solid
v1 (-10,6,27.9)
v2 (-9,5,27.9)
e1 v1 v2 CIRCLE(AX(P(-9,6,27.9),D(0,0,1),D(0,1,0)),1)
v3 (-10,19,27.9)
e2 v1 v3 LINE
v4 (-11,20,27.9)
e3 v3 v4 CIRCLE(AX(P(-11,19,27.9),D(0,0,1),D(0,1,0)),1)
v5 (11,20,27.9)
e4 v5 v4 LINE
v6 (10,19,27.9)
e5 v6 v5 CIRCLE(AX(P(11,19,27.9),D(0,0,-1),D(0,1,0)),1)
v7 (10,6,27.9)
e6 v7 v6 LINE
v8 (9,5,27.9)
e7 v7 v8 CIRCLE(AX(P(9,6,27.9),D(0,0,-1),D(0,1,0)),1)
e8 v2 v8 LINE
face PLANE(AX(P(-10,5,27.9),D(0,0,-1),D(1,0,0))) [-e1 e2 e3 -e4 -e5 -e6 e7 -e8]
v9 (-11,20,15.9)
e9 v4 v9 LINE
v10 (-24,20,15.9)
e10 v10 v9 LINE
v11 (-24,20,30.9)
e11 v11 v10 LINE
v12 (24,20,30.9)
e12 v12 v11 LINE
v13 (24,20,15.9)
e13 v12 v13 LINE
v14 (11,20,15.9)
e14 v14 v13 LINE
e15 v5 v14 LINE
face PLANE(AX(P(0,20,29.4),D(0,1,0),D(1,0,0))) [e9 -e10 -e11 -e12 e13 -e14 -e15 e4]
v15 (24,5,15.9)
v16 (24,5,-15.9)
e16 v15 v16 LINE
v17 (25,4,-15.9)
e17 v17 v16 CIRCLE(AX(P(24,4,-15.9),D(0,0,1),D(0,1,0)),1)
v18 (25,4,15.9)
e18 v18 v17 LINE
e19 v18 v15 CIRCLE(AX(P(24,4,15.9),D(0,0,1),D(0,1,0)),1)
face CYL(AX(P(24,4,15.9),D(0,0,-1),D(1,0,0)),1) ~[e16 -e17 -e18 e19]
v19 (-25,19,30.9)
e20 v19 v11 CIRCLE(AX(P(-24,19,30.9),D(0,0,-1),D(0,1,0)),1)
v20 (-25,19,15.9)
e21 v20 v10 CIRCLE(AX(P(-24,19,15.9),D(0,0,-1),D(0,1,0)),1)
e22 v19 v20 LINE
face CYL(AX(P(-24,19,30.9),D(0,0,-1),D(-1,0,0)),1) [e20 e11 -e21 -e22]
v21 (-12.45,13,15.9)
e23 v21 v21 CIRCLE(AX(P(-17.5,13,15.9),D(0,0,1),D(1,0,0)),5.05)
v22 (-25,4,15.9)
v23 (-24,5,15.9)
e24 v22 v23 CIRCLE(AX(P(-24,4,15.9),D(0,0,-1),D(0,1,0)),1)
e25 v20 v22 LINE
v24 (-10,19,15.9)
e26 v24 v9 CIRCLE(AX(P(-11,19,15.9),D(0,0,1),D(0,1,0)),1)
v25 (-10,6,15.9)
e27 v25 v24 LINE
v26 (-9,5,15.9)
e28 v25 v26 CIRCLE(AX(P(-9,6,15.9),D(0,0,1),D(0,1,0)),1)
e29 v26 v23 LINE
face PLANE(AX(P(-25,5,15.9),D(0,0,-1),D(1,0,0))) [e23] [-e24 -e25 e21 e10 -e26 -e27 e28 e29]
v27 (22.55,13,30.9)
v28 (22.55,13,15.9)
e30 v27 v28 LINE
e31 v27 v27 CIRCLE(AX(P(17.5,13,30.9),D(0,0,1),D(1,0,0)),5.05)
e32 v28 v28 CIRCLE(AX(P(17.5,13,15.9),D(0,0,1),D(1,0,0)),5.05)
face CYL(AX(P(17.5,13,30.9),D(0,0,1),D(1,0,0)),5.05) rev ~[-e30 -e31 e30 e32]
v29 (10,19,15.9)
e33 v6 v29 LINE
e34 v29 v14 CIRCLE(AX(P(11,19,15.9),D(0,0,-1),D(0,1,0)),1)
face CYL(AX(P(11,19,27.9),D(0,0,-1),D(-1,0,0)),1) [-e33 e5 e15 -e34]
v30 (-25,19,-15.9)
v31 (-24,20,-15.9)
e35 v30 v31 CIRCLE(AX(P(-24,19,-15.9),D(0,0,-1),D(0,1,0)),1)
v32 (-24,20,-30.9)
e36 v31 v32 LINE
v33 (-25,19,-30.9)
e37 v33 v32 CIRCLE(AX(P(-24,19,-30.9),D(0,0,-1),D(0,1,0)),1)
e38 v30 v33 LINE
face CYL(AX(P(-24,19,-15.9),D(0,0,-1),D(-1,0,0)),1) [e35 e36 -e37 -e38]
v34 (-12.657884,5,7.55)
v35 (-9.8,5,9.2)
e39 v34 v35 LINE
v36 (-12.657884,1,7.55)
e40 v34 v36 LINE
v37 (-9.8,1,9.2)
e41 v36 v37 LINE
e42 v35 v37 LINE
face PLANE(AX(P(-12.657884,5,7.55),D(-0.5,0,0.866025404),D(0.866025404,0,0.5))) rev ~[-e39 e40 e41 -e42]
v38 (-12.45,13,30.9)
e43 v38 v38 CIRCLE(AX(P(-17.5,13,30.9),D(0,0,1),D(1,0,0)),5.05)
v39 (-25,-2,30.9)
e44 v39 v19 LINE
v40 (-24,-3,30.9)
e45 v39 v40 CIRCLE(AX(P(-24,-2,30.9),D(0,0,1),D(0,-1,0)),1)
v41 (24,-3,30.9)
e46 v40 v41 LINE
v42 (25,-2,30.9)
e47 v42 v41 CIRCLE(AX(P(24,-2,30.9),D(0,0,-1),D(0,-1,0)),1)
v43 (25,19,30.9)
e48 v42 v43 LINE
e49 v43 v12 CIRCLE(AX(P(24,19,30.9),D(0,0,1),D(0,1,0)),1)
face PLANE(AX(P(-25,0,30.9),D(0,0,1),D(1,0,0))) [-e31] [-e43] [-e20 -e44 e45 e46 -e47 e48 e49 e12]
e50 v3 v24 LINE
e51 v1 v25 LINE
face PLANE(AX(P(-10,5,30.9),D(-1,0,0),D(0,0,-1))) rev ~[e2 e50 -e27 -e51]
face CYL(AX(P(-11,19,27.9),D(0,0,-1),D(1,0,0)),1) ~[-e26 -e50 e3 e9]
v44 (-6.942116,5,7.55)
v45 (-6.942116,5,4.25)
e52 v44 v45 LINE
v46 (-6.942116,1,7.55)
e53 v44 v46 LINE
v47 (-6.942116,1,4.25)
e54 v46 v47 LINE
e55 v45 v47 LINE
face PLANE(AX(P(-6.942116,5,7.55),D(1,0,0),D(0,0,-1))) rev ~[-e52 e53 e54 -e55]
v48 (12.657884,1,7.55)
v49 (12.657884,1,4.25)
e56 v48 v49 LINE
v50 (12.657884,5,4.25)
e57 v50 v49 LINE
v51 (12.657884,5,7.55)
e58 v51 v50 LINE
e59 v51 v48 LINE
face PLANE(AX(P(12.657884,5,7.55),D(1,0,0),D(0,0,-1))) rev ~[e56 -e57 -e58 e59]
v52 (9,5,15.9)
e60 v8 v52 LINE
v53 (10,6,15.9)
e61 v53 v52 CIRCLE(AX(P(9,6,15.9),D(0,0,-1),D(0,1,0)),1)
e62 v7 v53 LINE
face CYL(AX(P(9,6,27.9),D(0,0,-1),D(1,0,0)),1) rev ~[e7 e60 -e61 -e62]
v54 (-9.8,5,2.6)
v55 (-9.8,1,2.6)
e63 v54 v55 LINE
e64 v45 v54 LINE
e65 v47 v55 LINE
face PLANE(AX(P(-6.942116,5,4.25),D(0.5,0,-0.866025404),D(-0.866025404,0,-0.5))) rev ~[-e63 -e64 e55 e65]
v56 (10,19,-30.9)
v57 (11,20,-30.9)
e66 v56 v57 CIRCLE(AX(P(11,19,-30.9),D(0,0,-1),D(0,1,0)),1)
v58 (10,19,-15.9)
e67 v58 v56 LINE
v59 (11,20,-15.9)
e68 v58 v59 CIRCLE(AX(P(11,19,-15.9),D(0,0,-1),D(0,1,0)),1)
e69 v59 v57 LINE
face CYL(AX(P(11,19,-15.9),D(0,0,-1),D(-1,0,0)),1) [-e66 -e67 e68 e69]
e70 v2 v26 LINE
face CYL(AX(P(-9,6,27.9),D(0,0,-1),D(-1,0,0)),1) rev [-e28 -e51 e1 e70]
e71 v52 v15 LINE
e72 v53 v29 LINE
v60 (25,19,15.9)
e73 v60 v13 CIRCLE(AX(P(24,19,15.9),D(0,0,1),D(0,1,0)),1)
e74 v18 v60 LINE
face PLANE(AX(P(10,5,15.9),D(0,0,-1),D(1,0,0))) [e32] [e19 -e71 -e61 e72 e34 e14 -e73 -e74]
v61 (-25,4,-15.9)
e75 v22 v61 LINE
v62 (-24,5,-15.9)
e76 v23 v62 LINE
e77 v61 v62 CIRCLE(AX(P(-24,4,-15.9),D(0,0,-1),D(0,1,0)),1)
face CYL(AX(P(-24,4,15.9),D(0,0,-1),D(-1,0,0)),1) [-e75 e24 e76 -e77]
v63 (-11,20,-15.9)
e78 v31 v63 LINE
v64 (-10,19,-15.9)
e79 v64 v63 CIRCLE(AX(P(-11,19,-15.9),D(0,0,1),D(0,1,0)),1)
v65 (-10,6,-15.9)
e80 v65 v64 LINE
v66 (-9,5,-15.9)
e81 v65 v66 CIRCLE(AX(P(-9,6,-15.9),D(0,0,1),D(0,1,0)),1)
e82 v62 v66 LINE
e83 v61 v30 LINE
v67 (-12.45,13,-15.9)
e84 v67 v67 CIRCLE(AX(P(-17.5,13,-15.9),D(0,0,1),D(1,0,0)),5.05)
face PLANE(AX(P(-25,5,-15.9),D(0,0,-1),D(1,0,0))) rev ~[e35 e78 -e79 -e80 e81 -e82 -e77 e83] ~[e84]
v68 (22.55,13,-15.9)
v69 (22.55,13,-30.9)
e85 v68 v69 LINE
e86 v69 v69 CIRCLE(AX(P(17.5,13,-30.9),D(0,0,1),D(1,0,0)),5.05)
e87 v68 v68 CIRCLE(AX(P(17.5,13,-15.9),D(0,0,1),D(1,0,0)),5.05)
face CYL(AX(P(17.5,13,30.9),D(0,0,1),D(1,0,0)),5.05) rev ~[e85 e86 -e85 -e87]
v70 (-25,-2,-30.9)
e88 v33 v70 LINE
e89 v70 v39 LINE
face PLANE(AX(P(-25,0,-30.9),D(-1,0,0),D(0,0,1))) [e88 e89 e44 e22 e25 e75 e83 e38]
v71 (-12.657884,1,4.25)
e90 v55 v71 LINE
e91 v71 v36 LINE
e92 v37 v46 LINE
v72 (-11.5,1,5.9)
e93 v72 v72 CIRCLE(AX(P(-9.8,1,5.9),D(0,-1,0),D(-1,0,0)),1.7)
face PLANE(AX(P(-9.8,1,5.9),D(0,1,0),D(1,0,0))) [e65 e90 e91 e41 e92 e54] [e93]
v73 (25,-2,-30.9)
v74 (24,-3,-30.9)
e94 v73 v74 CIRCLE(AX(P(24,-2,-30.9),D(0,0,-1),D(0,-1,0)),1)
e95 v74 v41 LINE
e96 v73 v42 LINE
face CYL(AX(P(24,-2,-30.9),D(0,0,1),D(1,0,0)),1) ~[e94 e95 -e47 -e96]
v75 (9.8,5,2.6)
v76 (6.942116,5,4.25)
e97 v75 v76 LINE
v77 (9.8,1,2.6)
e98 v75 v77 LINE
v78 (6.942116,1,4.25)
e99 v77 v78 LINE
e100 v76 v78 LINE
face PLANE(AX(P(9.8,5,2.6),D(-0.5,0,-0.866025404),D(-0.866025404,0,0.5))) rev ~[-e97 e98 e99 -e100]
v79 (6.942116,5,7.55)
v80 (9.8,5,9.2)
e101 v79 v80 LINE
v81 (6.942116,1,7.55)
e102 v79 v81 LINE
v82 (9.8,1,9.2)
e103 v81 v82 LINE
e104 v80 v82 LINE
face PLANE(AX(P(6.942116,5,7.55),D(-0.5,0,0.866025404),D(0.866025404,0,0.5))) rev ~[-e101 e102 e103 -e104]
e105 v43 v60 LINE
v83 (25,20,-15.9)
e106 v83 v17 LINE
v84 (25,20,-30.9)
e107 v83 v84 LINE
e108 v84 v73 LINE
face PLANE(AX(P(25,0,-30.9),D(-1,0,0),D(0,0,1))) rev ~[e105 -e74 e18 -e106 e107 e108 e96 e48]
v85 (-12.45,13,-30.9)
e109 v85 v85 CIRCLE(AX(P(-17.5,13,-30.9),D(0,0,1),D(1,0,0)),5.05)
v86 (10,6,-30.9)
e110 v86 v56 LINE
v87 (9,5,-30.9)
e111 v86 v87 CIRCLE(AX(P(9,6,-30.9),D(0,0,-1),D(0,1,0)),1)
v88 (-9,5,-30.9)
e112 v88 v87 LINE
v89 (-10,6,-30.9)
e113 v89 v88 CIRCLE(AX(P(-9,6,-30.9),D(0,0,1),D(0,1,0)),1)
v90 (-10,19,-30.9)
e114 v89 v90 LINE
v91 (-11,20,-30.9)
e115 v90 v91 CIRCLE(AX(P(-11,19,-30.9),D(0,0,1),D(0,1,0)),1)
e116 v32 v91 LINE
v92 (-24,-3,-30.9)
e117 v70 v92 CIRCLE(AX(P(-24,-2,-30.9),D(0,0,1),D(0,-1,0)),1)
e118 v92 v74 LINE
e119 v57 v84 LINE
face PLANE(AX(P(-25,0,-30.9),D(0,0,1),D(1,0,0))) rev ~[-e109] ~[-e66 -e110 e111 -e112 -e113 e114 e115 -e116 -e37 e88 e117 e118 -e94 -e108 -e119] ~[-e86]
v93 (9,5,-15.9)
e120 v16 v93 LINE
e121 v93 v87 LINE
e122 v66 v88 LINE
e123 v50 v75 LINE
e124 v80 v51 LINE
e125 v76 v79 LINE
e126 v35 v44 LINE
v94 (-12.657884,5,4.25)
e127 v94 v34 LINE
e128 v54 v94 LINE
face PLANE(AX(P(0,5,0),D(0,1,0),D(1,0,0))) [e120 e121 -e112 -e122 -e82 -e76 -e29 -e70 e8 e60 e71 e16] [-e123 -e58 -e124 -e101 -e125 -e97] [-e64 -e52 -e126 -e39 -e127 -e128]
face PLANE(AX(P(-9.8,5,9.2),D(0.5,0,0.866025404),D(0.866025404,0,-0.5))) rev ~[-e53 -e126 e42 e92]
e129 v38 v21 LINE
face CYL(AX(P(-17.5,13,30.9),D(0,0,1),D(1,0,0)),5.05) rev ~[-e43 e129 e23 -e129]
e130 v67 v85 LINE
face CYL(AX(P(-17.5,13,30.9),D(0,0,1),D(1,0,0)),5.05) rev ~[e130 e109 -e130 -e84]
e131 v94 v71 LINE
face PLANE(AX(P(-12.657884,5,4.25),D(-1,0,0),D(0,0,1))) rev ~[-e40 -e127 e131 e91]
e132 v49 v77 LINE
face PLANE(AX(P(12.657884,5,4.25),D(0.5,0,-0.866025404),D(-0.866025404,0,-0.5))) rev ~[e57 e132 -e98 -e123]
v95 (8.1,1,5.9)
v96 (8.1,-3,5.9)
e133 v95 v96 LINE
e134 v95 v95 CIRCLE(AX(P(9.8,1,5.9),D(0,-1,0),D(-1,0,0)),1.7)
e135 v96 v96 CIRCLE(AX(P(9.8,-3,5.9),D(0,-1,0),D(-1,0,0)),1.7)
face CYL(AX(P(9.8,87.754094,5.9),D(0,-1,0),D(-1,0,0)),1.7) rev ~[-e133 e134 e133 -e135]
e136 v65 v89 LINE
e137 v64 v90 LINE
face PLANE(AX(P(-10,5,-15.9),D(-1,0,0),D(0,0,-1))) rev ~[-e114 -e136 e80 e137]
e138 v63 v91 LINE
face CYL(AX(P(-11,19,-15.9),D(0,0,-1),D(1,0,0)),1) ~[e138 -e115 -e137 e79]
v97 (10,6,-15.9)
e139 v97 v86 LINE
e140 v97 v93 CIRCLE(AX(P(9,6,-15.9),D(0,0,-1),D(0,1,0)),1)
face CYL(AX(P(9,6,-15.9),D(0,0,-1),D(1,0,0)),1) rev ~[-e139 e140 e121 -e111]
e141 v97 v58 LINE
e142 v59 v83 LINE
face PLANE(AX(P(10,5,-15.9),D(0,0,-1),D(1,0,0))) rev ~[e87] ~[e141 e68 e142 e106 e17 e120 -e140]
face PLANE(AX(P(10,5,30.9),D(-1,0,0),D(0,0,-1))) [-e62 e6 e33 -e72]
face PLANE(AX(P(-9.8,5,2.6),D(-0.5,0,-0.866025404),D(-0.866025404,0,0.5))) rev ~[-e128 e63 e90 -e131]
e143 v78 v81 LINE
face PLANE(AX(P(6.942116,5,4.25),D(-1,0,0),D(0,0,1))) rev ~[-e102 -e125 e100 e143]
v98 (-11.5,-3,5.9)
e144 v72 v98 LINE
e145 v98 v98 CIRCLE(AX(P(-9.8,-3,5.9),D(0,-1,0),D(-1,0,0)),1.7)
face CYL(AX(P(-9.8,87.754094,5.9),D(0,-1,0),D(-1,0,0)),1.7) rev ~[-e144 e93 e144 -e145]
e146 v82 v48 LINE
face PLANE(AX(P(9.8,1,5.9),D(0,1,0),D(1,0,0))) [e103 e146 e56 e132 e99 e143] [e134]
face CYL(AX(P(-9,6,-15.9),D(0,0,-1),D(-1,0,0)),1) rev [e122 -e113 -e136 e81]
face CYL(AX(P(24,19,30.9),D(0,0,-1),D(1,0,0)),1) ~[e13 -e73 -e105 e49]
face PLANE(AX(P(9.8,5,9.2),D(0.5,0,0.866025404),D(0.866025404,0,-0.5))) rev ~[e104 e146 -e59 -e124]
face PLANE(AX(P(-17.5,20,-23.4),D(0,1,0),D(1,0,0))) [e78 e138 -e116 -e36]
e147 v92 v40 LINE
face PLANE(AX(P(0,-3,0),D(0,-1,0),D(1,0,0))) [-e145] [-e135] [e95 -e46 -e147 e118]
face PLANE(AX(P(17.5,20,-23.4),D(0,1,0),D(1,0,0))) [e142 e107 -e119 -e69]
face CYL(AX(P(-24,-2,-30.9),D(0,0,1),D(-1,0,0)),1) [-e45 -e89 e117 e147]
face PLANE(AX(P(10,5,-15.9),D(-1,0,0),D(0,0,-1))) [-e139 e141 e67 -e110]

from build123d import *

# Parameters (mm, degrees)
SKETCH1_W               = 50
SKETCH1_H               = 61.8
BOSS_EXTRUDE1_DEPTH     = 5
SKETCH2_W               = 15
SKETCH2_H               = 15
BOSS_EXTRUDE2_DEPTH     = 15
SKETCH3_R               = 5.05
CUT_EXTRUDE1_DEPTH      = 1
CUT_EXTRUDE1_DEPTH_BACK = 62.8
SKETCH4_W               = 20
SKETCH4_H               = 3
BOSS_EXTRUDE3_DEPTH     = 15
SKETCH6_W               = 50
SKETCH6_H               = 61.8
BOSS_EXTRUDE5_DEPTH     = 3
FILLET1_R               = 1
CUT_EXTRUDE2_DEPTH      = 4
M3_CLEARANCE_HOLE1_D    = 3.4


with BuildPart() as part:
    # Sketch1 → Boss-Extrude1 (new body)
    with BuildSketch(Plane(origin=(0, 0, 0), x_dir=(1, 0, 0), z_dir=(0, 1, 0))):
        Rectangle(SKETCH1_W, SKETCH1_H)
    extrude(amount=BOSS_EXTRUDE1_DEPTH)

    # Sketch2 → Boss-Extrude2 (add)
    with BuildSketch(Plane(origin=(0, 5, 0), x_dir=(1, 0, 0), z_dir=(0, 1, 0))):
        with Locations((-17.5, 23.4)):
            Rectangle(SKETCH2_W, SKETCH2_H)
        with Locations((17.5, 23.4)):
            Rectangle(SKETCH2_W, SKETCH2_H)
        with Locations((-17.5, -23.4)):
            Rectangle(SKETCH2_W, SKETCH2_H)
        with Locations((17.5, -23.4)):
            Rectangle(SKETCH2_W, SKETCH2_H)
    extrude(amount=BOSS_EXTRUDE2_DEPTH)

    # Sketch3 → Cut-Extrude1 (cut, two sides)
    with BuildSketch(Plane.XY.offset(30.9)) as cut_extrude1_sk:
        with Locations((-17.5, 13)):
            Circle(SKETCH3_R)
        with Locations((17.5, 13)):
            Circle(SKETCH3_R)
    extrude(amount=CUT_EXTRUDE1_DEPTH, mode=Mode.SUBTRACT)
    extrude(cut_extrude1_sk.sketch, amount=-CUT_EXTRUDE1_DEPTH_BACK, mode=Mode.SUBTRACT)

    # Sketch4 → Boss-Extrude3 (add)
    with BuildSketch(Plane(origin=(0, 5, 0), x_dir=(1, 0, 0), z_dir=(0, 1, 0))):
        with Locations((0, -29.4)):
            Rectangle(SKETCH4_W, SKETCH4_H)
    extrude(amount=BOSS_EXTRUDE3_DEPTH)

    # Sketch6 → Boss-Extrude5 (add)
    with BuildSketch(Plane.XZ):
        Rectangle(SKETCH6_W, SKETCH6_H)
    extrude(amount=BOSS_EXTRUDE5_DEPTH)

    # Fillet1
    fillet1_edges = [part.edges().sort_by_distance(p)[0] for p in [
        (-25, 5, 0),
        (-10, 5, -23.4),
        (-25, 20, -23.4),
        (-10, 20, -23.4),
        (10, 5, -23.4),
        (10, 20, -23.4),
        (-25, 20, 23.4),
        (25, 5, 0),
        (10, 5, 21.9),
        (25, 20, 23.4),
        (10, 20, 21.9),
        (-10, 20, 21.9),
        (-10, 5, 21.9),
        (-25, -3, 0),
        (25, -3, 0),
    ]]
    fillet(fillet1_edges, radius=FILLET1_R)

    # Sketch7 → Cut-Extrude2 (cut)
    with BuildSketch(Plane(origin=(0, 5, 0), x_dir=(1, 0, 0), z_dir=(0, 1, 0))):
        Polygon((-12.657883832, -4.25), (-12.657883832, -7.55), (-9.8, -9.2), (-6.942116168, -7.55), (-6.942116168, -4.25), (-9.8, -2.6), align=None)
        Polygon((12.657883832, -7.55), (12.657883832, -4.25), (9.8, -2.6), (6.942116168, -4.25), (6.942116168, -7.55), (9.8, -9.2), align=None)
    extrude(amount=-CUT_EXTRUDE2_DEPTH, mode=Mode.SUBTRACT)

    # M3 Clearance Hole1 (through all)
    with Locations(Plane(origin=(0, 5, 0), x_dir=(1, 0, 0), z_dir=(0, 1, 0))):
        with Locations((-9.8, -5.9), (9.8, -5.9)):
            Hole(M3_CLEARANCE_HOLE1_D / 2)


solid = part.part
